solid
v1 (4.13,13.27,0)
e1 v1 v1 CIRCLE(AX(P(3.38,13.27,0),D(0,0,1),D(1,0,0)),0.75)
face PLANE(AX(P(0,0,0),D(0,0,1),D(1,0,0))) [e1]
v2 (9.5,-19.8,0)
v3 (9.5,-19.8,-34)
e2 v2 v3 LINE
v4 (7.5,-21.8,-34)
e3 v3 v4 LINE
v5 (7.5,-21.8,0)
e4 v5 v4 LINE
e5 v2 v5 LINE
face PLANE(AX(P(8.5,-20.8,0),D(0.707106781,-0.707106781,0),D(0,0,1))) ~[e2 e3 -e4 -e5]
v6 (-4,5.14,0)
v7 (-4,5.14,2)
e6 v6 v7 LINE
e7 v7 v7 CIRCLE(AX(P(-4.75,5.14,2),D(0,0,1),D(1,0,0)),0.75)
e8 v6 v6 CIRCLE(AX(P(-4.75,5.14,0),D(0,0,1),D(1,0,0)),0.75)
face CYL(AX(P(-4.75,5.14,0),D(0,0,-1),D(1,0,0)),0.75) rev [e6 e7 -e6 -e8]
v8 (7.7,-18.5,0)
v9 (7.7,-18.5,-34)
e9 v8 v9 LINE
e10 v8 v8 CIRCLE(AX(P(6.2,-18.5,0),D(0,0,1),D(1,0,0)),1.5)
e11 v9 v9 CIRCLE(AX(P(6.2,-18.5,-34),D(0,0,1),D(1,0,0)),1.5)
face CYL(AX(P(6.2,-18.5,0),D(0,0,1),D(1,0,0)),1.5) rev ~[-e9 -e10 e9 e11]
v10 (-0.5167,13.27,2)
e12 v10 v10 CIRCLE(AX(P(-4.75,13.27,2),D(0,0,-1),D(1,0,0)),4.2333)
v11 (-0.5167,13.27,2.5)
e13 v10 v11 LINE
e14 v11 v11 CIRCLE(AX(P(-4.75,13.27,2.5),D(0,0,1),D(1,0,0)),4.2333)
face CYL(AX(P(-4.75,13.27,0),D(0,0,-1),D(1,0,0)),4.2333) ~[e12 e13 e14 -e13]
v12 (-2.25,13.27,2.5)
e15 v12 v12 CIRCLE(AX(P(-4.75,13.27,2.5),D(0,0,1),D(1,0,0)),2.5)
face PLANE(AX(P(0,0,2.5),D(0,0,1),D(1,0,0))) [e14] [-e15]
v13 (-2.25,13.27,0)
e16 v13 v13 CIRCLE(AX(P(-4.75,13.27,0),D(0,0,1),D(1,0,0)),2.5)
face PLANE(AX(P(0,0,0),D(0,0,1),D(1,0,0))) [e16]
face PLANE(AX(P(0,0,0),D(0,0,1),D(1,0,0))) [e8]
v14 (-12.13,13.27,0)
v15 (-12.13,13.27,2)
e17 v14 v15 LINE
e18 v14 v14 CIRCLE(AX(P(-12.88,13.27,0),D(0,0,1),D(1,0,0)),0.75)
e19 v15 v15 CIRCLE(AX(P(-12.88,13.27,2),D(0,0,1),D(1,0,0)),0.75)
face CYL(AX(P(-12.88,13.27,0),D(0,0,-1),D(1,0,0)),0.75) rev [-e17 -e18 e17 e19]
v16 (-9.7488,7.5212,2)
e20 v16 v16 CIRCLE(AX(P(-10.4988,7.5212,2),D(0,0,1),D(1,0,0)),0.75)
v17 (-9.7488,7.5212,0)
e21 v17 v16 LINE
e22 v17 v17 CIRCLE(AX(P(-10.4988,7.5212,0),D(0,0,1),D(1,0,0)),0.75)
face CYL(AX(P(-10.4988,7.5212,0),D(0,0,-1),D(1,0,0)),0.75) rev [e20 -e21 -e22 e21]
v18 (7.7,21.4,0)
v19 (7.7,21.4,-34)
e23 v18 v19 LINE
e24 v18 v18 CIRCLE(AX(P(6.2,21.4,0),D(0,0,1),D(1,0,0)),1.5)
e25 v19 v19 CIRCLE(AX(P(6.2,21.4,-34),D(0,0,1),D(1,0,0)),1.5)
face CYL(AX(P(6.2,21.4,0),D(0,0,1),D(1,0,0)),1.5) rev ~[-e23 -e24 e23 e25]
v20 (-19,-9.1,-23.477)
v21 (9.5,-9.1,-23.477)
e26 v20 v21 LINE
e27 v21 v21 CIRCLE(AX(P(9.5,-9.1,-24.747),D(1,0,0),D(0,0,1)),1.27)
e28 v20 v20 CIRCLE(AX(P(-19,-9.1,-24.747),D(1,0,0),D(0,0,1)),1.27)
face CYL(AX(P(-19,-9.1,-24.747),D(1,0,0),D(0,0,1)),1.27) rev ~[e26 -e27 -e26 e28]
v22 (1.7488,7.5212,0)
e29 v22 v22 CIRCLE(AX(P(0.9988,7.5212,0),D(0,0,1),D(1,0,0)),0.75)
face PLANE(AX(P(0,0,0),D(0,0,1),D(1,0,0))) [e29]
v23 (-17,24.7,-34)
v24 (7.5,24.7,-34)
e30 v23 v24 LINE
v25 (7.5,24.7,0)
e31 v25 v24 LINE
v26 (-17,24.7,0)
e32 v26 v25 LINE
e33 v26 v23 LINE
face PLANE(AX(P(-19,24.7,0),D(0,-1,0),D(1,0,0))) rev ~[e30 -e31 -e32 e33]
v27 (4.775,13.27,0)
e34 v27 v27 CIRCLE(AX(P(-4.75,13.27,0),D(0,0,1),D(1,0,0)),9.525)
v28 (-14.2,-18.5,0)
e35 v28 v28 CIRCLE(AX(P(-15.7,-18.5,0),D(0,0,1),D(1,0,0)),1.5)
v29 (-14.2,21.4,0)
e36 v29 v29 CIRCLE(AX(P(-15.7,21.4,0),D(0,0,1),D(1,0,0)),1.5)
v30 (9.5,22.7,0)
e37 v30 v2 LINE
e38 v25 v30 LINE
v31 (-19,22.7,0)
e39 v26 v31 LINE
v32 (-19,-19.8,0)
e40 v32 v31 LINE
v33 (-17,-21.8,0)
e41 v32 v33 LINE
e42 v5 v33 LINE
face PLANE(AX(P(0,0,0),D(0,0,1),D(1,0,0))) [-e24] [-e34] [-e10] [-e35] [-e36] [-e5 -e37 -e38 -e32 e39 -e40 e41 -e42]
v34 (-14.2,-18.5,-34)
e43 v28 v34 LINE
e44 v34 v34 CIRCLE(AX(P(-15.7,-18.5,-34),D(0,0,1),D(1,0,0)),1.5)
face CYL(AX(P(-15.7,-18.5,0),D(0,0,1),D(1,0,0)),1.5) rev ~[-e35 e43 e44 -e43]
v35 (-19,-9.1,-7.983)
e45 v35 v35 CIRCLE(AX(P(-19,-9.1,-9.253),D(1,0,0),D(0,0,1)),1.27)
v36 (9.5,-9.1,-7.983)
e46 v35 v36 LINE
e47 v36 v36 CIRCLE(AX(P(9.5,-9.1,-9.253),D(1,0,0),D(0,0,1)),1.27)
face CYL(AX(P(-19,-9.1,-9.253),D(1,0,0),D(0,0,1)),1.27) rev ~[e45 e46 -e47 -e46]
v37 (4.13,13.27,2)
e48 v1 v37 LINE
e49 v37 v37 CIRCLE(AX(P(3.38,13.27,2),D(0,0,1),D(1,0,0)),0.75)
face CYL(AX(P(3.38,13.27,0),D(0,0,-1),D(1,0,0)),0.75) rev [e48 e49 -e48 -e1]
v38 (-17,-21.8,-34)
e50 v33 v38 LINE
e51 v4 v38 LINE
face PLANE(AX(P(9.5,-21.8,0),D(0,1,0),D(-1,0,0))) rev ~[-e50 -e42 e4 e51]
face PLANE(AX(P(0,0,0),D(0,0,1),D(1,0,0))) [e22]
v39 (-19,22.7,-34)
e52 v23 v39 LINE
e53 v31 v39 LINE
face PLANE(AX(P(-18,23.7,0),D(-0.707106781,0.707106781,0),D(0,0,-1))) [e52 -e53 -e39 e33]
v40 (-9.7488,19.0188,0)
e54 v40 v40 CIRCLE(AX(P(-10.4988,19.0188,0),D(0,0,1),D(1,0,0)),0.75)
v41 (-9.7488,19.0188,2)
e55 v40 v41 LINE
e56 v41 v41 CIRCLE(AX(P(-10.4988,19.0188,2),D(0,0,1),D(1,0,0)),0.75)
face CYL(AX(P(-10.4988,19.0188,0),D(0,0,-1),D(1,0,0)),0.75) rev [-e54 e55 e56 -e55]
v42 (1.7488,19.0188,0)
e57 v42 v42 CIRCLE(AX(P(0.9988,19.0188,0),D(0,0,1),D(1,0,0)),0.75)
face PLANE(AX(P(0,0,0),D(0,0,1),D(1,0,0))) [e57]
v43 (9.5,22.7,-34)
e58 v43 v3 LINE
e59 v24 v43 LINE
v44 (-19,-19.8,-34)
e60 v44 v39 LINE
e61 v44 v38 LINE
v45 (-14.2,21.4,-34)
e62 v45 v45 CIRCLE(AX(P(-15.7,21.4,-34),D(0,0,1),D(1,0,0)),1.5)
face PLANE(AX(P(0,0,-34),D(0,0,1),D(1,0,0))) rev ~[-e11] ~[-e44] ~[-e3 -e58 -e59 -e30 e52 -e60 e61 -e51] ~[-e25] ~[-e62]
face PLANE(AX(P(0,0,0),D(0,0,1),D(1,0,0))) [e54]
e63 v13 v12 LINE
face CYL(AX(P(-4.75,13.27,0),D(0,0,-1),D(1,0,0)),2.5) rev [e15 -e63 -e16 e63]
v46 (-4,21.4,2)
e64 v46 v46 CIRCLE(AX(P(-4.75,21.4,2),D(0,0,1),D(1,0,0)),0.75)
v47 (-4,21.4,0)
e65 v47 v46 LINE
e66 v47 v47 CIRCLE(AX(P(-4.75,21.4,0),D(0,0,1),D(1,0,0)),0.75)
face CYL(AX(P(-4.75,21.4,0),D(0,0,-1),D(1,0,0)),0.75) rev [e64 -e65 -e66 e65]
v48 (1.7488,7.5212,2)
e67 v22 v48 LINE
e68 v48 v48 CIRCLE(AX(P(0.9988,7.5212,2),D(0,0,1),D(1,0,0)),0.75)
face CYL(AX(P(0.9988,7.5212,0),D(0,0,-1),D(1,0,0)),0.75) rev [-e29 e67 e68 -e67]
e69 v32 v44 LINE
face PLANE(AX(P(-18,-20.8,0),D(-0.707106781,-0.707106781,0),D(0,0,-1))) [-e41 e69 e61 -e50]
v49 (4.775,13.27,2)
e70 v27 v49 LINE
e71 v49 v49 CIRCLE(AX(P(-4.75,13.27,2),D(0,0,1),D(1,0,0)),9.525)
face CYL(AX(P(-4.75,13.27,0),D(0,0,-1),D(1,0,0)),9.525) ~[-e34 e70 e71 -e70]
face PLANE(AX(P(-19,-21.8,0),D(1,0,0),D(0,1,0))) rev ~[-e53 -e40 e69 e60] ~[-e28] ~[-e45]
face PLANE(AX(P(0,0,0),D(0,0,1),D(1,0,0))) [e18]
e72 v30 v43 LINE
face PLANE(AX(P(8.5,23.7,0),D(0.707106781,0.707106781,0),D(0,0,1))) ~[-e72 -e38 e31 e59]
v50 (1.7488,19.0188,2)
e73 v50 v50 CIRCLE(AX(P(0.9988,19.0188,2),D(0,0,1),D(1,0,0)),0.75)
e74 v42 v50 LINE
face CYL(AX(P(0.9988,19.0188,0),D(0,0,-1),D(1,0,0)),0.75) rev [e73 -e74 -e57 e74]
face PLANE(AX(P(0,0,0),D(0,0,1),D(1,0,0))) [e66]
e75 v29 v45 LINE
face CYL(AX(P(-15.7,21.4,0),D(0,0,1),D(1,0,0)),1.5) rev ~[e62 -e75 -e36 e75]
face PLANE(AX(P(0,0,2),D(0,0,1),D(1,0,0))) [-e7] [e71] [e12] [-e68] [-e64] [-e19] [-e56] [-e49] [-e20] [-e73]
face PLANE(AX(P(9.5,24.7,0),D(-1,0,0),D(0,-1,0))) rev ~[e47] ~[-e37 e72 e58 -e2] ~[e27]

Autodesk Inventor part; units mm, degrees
ref_plane "YZ Plane" through (0, 0, 0) normal (1, 0, 0) x (0, 1, 0)
ref_plane "XZ Plane" through (0, 0, 0) normal (0, 1, 0) x (-1, 0, 0)
ref_plane "XY Plane" through (0, 0, 0) normal (0, 0, 1) x (1, 0, 0)
sketch "Sketch1" plane through (0, 0, 0) normal (0, 0, 1) x (1, 0, 0)
  line L0 (-19, 24.7) -> (9.5, 24.7)
  line L1 (9.5, 24.7) -> (9.5, -21.8)
  line L2 (9.5, -21.8) -> (-19, -21.8)
  line L3 (-19, -21.8) -> (-19, 24.7)
  line L4 (-19, 21.4) -> (9.5, 21.4) construction
  line L5 (-4.75, 24.7) -> (-4.75, -21.8) construction
  circle A0 centre (-4.75, 13.27) radius 9.525
  circle A1 centre (-15.7, 21.4) radius 1.5
  line L6 (9.5, 1.45) -> (-19, 1.45) construction
  circle A2 centre (6.2, 21.4) radius 1.5
  circle A3 centre (-15.7, -18.5) radius 1.5
  circle A4 centre (6.2, -18.5) radius 1.5
  circle A5 centre (-4.75, 13.27) radius 2.5
  circle A6 centre (-4.75, 13.27) radius 4.2333
  line L7 (-4.75, 13.27) -> (-4.75, 22.795) construction
  circle A7 centre (-4.75, 21.4) radius 0.75
  circle A8 centre (-10.4988, 19.0188) radius 0.75
  circle A9 centre (-12.88, 13.27) radius 0.75
  circle A10 centre (-10.4988, 7.5212) radius 0.75
  circle A11 centre (-4.75, 5.14) radius 0.75
  circle A12 centre (0.9988, 7.5212) radius 0.75
  circle A13 centre (3.38, 13.27) radius 0.75
  circle A14 centre (0.9988, 19.0188) radius 0.75
  point P0 (0, 0)
  dimension "d2" = 19.05
  dimension "d0" = 28.5
  dimension "d1" = 46.5
  dimension "d3" = 11.43
  dimension "d4" = 3.3
  dimension "d5" = 3.3
  dimension "d6" = 3
  dimension "d7" = 5
  dimension "d8" = 8.4667
  dimension "d11" = 360
  dimension "d13" = 1.5
extrude "Extrusion1" add sketch "Sketch1" against normal blind 34 contours L0 L1 L2 L3 | A0 | A5 | A6 | A7 | A8 | A9 | A10 | A11 | A12 | A13 | A14
chamfer "Chamfer1" distance 2 angle 45 4 edges at (9.5, 24.7, -17) (-19, 24.7, -17) (9.5, -21.8, -17) (-19, -21.8, -17)
extrude "Extrusion2" add sketch "Sketch1" along normal blind 2 contours A0 | A6
extrude "Extrusion3" add sketch "Sketch1" along normal blind 2.5 contours A6
sketch "Sketch2" plane through (-19, -19.8, 0) normal (-1, 0, 0) x (0, 0, 1)
  line L0 (0, 42.5) -> (0, 0) projected
  line L1 (0, 10.7) -> (-34, 10.7)
  line L2 (-34, 0) -> (-34, 42.5) projected
  line L3 (-34, -2) -> (0, -2) projected
  circle A0 centre (-9.253, 10.7) radius 1.27
  circle A1 centre (-24.747, 10.7) radius 1.27
  point P0 (0, 19.8)
  dimension "d23" = 12.7
  dimension "d24" = 2.54
  dimension "d25" = 2.54
  dimension "d26" = 15.494
  dimension "d27" = 9.253
  dimension "d28" = 9.253
hole "Hole1" at (-19, -9.1, -9.253) at (-19, -9.1, -24.747) direction (1, 0, 0) diameter 2.54 end through all
equation "\"d28\" = d27"
properties part number "UpperArmServoDynamixelXM430-W350-T"
